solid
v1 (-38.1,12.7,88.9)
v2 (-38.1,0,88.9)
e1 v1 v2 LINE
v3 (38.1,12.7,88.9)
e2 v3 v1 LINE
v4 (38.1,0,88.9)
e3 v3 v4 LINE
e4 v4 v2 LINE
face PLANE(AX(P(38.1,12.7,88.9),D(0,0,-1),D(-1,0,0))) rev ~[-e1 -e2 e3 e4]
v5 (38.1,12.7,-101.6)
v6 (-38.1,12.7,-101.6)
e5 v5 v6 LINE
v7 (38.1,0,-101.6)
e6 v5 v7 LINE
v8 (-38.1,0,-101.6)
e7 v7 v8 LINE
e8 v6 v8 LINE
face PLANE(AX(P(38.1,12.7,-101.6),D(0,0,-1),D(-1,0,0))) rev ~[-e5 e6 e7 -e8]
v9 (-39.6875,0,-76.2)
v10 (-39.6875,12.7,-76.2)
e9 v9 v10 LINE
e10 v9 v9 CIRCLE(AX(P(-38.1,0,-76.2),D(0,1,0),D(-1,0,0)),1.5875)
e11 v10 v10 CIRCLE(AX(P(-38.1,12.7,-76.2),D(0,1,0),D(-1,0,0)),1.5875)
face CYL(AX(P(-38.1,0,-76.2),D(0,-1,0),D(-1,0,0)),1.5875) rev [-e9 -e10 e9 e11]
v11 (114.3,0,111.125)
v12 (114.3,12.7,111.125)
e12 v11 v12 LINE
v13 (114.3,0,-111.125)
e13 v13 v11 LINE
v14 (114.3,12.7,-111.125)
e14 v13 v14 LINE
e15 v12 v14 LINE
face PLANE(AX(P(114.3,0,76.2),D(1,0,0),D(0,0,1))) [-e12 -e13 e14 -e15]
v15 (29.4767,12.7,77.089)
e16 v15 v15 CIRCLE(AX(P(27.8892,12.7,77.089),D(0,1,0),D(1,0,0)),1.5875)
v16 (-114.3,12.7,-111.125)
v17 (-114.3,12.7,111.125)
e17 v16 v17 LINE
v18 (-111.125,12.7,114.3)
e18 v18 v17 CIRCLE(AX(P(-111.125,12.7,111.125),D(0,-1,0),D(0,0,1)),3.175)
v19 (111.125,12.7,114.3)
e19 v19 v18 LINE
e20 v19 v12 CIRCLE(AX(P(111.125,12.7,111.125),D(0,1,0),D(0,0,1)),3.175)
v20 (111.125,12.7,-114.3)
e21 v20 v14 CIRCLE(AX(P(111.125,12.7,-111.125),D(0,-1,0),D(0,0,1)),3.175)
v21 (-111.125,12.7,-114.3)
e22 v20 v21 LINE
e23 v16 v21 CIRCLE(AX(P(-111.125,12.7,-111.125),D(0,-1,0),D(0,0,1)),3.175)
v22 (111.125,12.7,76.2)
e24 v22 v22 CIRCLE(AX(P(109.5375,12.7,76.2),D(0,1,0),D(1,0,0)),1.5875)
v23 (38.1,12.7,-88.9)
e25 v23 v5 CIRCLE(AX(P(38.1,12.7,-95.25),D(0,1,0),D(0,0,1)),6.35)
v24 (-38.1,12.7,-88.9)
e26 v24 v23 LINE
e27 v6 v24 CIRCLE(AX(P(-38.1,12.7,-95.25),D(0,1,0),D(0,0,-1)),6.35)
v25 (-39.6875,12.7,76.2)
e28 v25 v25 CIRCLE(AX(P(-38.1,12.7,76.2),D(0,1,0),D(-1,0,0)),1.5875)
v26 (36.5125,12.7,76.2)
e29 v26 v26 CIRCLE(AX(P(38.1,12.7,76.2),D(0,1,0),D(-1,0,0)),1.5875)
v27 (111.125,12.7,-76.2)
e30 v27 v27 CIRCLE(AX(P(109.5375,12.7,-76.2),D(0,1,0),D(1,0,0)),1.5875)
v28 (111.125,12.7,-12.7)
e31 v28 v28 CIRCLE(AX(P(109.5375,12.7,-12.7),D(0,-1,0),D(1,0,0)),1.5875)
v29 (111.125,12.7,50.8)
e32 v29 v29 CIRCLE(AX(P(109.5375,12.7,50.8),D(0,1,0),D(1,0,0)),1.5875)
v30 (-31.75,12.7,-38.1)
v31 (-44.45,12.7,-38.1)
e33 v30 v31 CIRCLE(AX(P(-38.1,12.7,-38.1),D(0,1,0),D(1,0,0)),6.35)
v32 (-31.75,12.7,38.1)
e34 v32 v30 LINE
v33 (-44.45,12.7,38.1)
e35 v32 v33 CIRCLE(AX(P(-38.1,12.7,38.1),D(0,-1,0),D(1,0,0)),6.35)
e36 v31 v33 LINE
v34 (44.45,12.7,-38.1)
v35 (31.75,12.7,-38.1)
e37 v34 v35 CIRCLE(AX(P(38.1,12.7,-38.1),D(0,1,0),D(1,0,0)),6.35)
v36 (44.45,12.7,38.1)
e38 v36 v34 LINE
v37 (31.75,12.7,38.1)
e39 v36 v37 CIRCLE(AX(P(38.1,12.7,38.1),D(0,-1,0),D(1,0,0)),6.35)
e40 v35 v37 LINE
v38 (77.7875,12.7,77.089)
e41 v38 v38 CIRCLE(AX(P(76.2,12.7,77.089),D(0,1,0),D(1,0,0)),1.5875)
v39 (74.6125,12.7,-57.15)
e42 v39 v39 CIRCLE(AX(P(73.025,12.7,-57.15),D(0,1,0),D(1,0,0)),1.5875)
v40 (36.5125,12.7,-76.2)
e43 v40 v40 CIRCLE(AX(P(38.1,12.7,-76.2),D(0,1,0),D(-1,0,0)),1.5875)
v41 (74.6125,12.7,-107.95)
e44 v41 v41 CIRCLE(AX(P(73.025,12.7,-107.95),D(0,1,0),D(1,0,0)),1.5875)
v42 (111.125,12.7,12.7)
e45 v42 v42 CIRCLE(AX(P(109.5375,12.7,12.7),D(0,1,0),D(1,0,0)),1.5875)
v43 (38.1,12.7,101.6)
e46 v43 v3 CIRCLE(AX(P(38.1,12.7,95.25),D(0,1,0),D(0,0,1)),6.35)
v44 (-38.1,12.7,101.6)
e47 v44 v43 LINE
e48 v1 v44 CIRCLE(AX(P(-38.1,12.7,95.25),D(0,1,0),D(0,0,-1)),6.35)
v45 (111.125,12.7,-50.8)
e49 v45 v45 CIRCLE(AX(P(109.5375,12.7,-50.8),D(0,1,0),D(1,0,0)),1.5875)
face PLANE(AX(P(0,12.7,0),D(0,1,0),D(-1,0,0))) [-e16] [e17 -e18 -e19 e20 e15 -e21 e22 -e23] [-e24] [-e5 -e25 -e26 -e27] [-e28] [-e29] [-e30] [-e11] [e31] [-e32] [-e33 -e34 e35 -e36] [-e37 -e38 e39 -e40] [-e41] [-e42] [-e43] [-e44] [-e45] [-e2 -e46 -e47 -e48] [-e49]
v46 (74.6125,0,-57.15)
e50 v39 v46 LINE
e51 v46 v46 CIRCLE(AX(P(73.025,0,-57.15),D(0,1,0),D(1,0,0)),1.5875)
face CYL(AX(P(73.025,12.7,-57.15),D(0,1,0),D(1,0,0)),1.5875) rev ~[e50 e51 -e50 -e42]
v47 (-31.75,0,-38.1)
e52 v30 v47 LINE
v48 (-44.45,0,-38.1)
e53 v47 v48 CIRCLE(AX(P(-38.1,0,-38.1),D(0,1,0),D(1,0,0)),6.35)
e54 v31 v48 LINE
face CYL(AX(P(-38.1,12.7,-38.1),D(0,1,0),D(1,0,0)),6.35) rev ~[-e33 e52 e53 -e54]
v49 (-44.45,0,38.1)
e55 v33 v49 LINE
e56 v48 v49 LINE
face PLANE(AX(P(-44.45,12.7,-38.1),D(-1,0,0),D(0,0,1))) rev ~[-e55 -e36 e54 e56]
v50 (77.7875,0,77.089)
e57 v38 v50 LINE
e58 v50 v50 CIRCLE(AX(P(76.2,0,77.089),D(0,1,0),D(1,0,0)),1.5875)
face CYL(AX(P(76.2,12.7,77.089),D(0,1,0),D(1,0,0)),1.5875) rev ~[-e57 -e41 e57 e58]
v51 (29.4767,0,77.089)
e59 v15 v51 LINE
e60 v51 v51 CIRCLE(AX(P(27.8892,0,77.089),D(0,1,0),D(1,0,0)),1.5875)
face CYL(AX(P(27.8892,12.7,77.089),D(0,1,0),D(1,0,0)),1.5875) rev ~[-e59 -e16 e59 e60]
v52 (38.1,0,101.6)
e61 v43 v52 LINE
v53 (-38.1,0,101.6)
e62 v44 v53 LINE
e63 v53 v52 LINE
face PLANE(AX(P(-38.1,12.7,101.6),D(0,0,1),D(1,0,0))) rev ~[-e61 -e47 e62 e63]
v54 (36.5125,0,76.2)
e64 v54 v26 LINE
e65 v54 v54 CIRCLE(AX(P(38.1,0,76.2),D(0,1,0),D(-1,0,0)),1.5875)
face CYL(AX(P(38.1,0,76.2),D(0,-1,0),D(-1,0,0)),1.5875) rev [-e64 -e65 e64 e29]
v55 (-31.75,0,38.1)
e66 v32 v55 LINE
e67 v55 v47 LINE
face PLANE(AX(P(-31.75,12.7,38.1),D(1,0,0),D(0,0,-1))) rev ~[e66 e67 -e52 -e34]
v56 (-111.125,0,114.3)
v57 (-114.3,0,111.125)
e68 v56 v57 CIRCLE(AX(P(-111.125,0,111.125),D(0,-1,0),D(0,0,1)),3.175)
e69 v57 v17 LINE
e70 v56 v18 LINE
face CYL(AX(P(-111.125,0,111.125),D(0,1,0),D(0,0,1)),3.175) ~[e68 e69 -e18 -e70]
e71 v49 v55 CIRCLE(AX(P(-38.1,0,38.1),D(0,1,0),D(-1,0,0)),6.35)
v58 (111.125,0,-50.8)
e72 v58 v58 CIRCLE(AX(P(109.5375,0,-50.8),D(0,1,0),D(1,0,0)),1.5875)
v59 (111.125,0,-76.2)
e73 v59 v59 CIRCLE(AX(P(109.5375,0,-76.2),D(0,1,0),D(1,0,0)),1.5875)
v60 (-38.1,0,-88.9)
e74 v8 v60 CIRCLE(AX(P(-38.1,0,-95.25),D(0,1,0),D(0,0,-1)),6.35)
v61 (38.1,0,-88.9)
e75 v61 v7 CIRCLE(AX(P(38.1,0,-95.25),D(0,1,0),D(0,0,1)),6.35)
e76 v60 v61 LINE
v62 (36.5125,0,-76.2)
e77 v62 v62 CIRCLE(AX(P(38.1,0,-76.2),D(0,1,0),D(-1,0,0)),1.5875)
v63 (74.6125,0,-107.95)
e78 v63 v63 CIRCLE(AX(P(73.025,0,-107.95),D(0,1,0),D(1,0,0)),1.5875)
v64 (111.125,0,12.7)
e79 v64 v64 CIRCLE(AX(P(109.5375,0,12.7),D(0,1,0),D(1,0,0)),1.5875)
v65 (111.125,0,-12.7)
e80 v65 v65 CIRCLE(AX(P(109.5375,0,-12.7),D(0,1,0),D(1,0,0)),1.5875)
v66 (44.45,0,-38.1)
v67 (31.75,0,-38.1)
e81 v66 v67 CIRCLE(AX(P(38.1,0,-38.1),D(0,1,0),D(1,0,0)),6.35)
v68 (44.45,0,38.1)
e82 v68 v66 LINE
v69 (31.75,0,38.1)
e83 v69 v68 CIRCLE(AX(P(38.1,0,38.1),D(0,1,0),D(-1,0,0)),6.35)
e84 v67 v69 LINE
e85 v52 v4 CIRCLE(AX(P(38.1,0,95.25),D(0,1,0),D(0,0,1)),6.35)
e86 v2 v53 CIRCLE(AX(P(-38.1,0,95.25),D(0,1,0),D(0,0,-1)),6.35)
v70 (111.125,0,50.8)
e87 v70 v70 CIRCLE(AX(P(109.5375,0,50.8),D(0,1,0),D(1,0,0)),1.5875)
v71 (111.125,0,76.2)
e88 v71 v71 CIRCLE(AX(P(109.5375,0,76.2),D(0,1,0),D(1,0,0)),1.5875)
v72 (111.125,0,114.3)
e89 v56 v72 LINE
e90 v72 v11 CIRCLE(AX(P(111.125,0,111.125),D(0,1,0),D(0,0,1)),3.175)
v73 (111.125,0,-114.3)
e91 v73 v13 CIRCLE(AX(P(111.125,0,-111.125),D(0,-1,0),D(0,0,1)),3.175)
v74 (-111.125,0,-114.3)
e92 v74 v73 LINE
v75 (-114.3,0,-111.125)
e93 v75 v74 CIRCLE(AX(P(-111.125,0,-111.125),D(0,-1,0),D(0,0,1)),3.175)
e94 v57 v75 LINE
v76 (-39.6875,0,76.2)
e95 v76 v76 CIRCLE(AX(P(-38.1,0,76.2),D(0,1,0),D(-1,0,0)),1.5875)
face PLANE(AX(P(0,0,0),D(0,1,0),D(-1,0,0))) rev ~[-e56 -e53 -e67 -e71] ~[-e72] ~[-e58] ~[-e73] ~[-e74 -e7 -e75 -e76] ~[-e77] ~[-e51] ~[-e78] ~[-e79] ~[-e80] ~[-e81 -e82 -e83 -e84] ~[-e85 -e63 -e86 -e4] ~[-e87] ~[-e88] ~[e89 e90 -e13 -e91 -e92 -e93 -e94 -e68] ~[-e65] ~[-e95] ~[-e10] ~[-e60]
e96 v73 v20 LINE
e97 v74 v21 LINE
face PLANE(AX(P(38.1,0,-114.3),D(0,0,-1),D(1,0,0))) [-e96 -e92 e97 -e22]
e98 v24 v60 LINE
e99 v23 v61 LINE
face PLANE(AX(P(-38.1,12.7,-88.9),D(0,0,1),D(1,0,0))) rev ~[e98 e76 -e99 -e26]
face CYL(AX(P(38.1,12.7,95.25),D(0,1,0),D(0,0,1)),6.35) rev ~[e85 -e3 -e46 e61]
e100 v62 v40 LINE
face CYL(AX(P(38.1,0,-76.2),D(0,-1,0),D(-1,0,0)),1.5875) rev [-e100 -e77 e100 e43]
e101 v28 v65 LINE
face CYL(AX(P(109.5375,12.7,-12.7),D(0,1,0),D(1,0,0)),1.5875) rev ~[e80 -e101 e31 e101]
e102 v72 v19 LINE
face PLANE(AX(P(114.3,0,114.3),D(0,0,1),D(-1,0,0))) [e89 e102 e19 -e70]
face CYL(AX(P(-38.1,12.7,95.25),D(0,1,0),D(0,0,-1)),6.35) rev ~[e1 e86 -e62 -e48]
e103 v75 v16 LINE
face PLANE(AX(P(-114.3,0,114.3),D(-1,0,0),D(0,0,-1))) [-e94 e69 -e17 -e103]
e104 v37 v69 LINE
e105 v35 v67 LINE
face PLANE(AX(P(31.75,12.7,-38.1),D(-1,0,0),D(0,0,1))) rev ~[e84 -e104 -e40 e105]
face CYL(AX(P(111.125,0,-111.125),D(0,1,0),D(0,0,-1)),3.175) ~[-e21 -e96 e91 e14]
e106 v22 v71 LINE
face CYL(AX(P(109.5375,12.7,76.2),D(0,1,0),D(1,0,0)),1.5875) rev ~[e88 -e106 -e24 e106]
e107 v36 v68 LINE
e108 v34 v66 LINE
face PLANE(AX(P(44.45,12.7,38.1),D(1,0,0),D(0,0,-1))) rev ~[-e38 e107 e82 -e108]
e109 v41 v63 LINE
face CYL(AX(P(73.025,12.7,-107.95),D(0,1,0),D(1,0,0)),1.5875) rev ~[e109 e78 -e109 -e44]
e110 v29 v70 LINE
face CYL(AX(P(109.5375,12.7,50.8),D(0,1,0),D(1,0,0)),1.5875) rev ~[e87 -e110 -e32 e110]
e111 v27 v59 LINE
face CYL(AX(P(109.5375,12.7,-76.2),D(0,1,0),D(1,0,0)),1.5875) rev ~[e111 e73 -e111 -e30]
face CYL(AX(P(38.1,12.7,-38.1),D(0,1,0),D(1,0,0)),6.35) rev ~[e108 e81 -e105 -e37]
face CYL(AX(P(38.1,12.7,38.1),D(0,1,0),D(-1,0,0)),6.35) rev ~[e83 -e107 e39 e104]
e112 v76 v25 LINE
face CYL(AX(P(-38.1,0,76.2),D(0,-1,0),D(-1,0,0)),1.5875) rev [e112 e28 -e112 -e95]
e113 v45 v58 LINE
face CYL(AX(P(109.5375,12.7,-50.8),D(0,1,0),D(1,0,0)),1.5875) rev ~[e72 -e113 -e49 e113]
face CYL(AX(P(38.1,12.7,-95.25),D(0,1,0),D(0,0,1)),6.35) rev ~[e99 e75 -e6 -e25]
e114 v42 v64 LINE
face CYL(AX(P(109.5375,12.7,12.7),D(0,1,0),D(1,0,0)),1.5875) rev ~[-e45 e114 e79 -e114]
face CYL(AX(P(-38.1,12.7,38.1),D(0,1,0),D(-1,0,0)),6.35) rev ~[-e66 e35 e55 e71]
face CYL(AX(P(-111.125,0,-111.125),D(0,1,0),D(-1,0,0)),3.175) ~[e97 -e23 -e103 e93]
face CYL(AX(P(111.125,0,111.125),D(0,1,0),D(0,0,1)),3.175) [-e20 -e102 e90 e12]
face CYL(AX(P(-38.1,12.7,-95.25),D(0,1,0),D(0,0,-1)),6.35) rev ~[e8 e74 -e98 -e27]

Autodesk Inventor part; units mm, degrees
ref_plane "YZ Plane" through (0, 0, 0) normal (1, 0, 0) x (0, 1, 0)
ref_plane "XZ Plane" through (0, 0, 0) normal (0, 1, 0) x (-1, 0, 0)
ref_plane "XY Plane" through (0, 0, 0) normal (0, 0, 1) x (1, 0, 0)
sketch "Sketch1" plane through (0, 0, 0) normal (0, 1, 0) x (-1, 0, 0)
  line L0 (-114.3, 114.3) -> (114.3, 114.3)
  line L1 (114.3, 114.3) -> (114.3, -114.3)
  line L2 (114.3, -114.3) -> (-114.3, -114.3)
  line L3 (-114.3, -114.3) -> (-114.3, 114.3)
  line L4 (-114.3, 114.3) -> (114.3, -114.3) construction
  line L5 (114.3, 114.3) -> (-114.3, -114.3) construction
  line L6 (114.3, 114.3) -> (38.1, 114.3)
  line L7 (38.1, 114.3) -> (38.1, 76.2) construction
  line L8 (38.1, 76.2) -> (114.3, 76.2) construction
  line L9 (114.3, 76.2) -> (114.3, 114.3)
  circle A0 centre (38.1, 76.2) radius 1.5875
  line L10 (114.3, 0) -> (47.3217, 0)
  line L11 (-114.3, 114.3) -> (-38.1, 114.3)
  line L12 (-38.1, 114.3) -> (-38.1, 76.2) construction
  line L13 (-38.1, 76.2) -> (-114.3, 76.2) construction
  line L14 (-114.3, 76.2) -> (-114.3, 114.3)
  circle A1 centre (-38.1, 76.2) radius 1.5875
  line L15 (-114.3, -114.3) -> (-38.1, -114.3)
  line L16 (-38.1, -114.3) -> (-38.1, -76.2) construction
  line L17 (-38.1, -76.2) -> (-114.3, -76.2) construction
  line L18 (-114.3, -76.2) -> (-114.3, -114.3)
  line L19 (114.3, -114.3) -> (38.1, -114.3)
  line L20 (38.1, -114.3) -> (38.1, -76.2) construction
  line L21 (38.1, -76.2) -> (114.3, -76.2) construction
  line L22 (114.3, -76.2) -> (114.3, -114.3)
  circle A2 centre (-38.1, -76.2) radius 1.5875
  circle A3 centre (38.1, -76.2) radius 1.5875
  point P0 (0, 0)
  dimension "d0" = 228.6
  dimension "d1" = 228.6
  dimension "d2" = 76.2
  dimension "d3" = 38.1
  dimension "d4" = 3.175
  dimension "d5" = 76.2
  dimension "d6" = 3.175
  dimension "d7" = 38.1
  dimension "d8" = 76.2
  dimension "d9" = 3.175
  dimension "d10" = 3.175
extrude "Extrusion1" add sketch "Sketch1" along normal blind 12.7
fillet "Fillet1" radius 3.175 4 edges at (-114.3, 6.35, 114.3) (114.3, 6.35, 114.3) (114.3, 6.35, -114.3) (-114.3, 6.35, -114.3)
sketch "Sketch4" plane through (0, 12.7, 0) normal (0, 1, 0) x (1, 0, 0)
  circle A0 centre (-38.1, 76.2) radius 1.5875 projected
  circle A1 centre (38.1, 76.2) radius 1.5875 projected
  circle A2 centre (38.1, -76.2) radius 1.5875 projected
  circle A3 centre (-38.1, -76.2) radius 1.5875 projected
  arc A4 (-111.125, 114.3) -> (-114.3, 111.125) centre (-111.125, 111.125) ccw projected
  line L0 (-114.3, 111.125) -> (-114.3, -111.125) projected
  arc A5 (-114.3, -111.125) -> (-111.125, -114.3) centre (-111.125, -111.125) ccw projected
  line L1 (-111.125, -114.3) -> (111.125, -114.3) projected
  arc A6 (111.125, -114.3) -> (114.3, -111.125) centre (111.125, -111.125) ccw projected
  line L2 (114.3, -111.125) -> (114.3, 111.125) projected
  arc A7 (114.3, 111.125) -> (111.125, 114.3) centre (111.125, 111.125) ccw projected
  line L3 (111.125, 114.3) -> (-111.125, 114.3) projected
  line L4 (114.3, 114.3) -> (73.025, 114.3) construction
  line L5 (73.025, 114.3) -> (73.025, 107.95) construction
  line L6 (73.025, 107.95) -> (114.3, 107.95) construction
  line L7 (114.3, 107.95) -> (114.3, 114.3) construction
  line L8 (114.3, 114.3) -> (73.025, 114.3) construction
  line L9 (73.025, 114.3) -> (73.025, 57.15) construction
  line L10 (73.025, 57.15) -> (114.3, 57.15) construction
  line L11 (114.3, 57.15) -> (114.3, 114.3) construction
  circle A8 centre (73.025, 57.15) radius 1.5875
  circle A9 centre (73.025, 107.95) radius 1.5875
  point P0 (0, 0)
  dimension "d22" = 41.275
  dimension "d23" = 6.35
  dimension "d24" = 57.15
  dimension "d25" = 3.175
  dimension "d26" = 3.175
extrude "camMount" cut sketch "Sketch4" against normal up to surface (12.7 mm away) contours A8 | A9
sketch "Sketch5" plane through (0, 12.7, 0) normal (0, 1, 0) x (1, 0, 0)
  circle A0 centre (73.025, 57.15) radius 1.5875 construction
  circle A1 centre (73.025, 107.95) radius 1.5875 construction
  circle A2 centre (-38.1, 76.2) radius 1.5875 construction
  circle A3 centre (38.1, 76.2) radius 1.5875 construction
  circle A4 centre (38.1, -76.2) radius 1.5875 construction
  circle A5 centre (-38.1, -76.2) radius 1.5875 construction
  arc A6 (-111.125, 114.3) -> (-114.3, 111.125) centre (-111.125, 111.125) ccw construction
  line L0 (-114.3, 111.125) -> (-114.3, -111.125) construction
  arc A7 (-114.3, -111.125) -> (-111.125, -114.3) centre (-111.125, -111.125) ccw construction
  line L1 (-111.125, -114.3) -> (111.125, -114.3) construction
  arc A8 (111.125, -114.3) -> (114.3, -111.125) centre (111.125, -111.125) ccw construction
  line L2 (114.3, -111.125) -> (114.3, 111.125) construction
  arc A9 (114.3, 111.125) -> (111.125, 114.3) centre (111.125, 111.125) ccw construction
  line L3 (111.125, 114.3) -> (-111.125, 114.3) construction
  line L4 (114.3, -114.3) -> (107.95, -114.3) construction
  line L5 (107.95, -77.089) -> (114.3, -77.089) construction
  line L6 (114.3, -77.089) -> (114.3, -114.3) construction
  line L7 (114.3, -114.3) -> (59.6392, -114.3) construction
  line L8 (59.6392, -77.089) -> (114.3, -77.089) construction
  line L9 (114.3, -77.089) -> (114.3, -114.3) construction
  line L10 (114.3, -114.3) -> (27.8892, -114.3) construction
  line L11 (27.8892, -114.3) -> (27.8892, -77.089) construction
  line L12 (27.8892, -77.089) -> (114.3, -77.089) construction
  line L13 (114.3, -77.089) -> (114.3, -114.3) construction
  line L14 (114.3, -114.3) -> (76.2, -114.3) construction
  line L15 (76.2, -114.3) -> (76.2, -77.089) construction
  line L16 (76.2, -77.089) -> (114.3, -77.089) construction
  line L17 (114.3, -77.089) -> (114.3, -114.3) construction
  circle A10 centre (76.2, -77.089) radius 1.5875 construction
  circle A11 centre (76.2, -77.089) radius 1.5875
  circle A12 centre (27.8892, -77.089) radius 1.5875
  point P0 (0, 0)
  dimension "d29" = 6.35
  dimension "d30" = 37.211
  dimension "d31" = 54.6608
  dimension "d36" = 86.4108
  dimension "d37" = 38.1
  dimension "d38" = 3.175
extrude "TilitMount" cut sketch "Sketch5" against normal up to surface (12.7 mm away)
sketch "Sketch6" plane through (0, 12.7, 0) normal (0, 1, 0) x (1, 0, 0)
  line L0 (38.1, -95.25) -> (-38.1, -95.25)
  line L1 (-38.1, -95.25) -> (-38.1, 95.25)
  line L2 (-38.1, 95.25) -> (38.1, 95.25)
  line L3 (38.1, 95.25) -> (38.1, -95.25)
  line L4 (38.1, -95.25) -> (-38.1, 95.25) construction
  line L5 (-38.1, -95.25) -> (38.1, 95.25) construction
  line L6 (-38.1, -95.25) -> (38.1, -95.25) construction
  line L7 (-38.1, -101.6) -> (38.1, -101.6)
  line L8 (38.1, -88.9) -> (-38.1, -88.9)
  arc A0 (-38.1, -88.9) -> (-38.1, -101.6) centre (-38.1, -95.25) ccw
  arc A1 (38.1, -101.6) -> (38.1, -88.9) centre (38.1, -95.25) ccw
  line L9 (-38.1, 95.25) -> (38.1, 95.25) construction
  line L10 (-38.1, 88.9) -> (38.1, 88.9)
  line L11 (38.1, 101.6) -> (-38.1, 101.6)
  arc A2 (-38.1, 101.6) -> (-38.1, 88.9) centre (-38.1, 95.25) ccw
  arc A3 (38.1, 88.9) -> (38.1, 101.6) centre (38.1, 95.25) ccw
  line L12 (38.1, -38.1) -> (-38.1, -38.1)
  line L13 (-38.1, -38.1) -> (-38.1, 38.1)
  line L14 (-38.1, 38.1) -> (38.1, 38.1)
  line L15 (38.1, 38.1) -> (38.1, -38.1)
  line L16 (38.1, -38.1) -> (-38.1, 38.1) construction
  line L17 (-38.1, -38.1) -> (38.1, 38.1) construction
  line L18 (38.1, -38.1) -> (38.1, 38.1) construction
  line L19 (44.45, -38.1) -> (44.45, 38.1)
  line L20 (31.75, 38.1) -> (31.75, -38.1)
  arc A4 (31.75, -38.1) -> (44.45, -38.1) centre (38.1, -38.1) ccw
  arc A5 (44.45, 38.1) -> (31.75, 38.1) centre (38.1, 38.1) ccw
  line L21 (-38.1, -38.1) -> (-38.1, 38.1) construction
  line L22 (-31.75, -38.1) -> (-31.75, 38.1)
  line L23 (-44.45, 38.1) -> (-44.45, -38.1)
  arc A6 (-44.45, -38.1) -> (-31.75, -38.1) centre (-38.1, -38.1) ccw
  arc A7 (-31.75, 38.1) -> (-44.45, 38.1) centre (-38.1, 38.1) ccw
  point P0 (0, 0)
  point P1 (0, -95.25)
  point P2 (0, 95.25)
  point P3 (38.1, 0)
  point P4 (-38.1, 0)
  dimension "d39" = 76.2
  dimension "d40" = 190.5
  dimension "d41" = 12.7
  dimension "d42" = 12.7
  dimension "d43" = 76.2
  dimension "d44" = 12.7
  dimension "d45" = 12.7
extrude "Extrusion6" cut sketch "Sketch6" against normal blind 25.4 contours L3 A1 L7 A0 L1 L0 | L0 L1 L8 L3 | A4 L12 L3 | L3 A5 L19 A4 | A6 L23 A7 L1 | L1 L12 A6 | L12 L20 L14 L3 | L1 L14 L22 L12 | L14 A5 L3 | L1 A7 L14 | L10 L1 L2 L3 | L3 L2 L1 A2 L11 A3
sketch "Sketch7" plane through (0, 12.7, 0) normal (0, 1, 0) x (1, 0, 0)
  line L0 (114.3, -111.125) -> (114.3, 111.125) projected
  line L1 (114.3, 0) -> (104.775, 0)
  line L2 (109.5375, 0) -> (109.5375, 12.7)
  circle A0 centre (109.5375, 12.7) radius 1.5875
  circle A1 centre (109.5375, -12.7) radius 1.5875
  point P0 (0, 0)
  dimension "d48" = 9.525
  dimension "d49" = 12.7
  dimension "d50" = 3.175
extrude "Extrusion7" cut sketch "Sketch7" against normal blind 25.4
sketch "Sketch8" plane through (0, 12.7, 0) normal (0, 1, 0) x (1, 0, 0)
  circle A0 centre (109.5375, -12.7) radius 1.5875 projected
  circle A1 centre (109.5375, -12.7) radius 1.5875 construction
  line L0 (109.5375, -12.7) -> (109.5375, -50.8) construction
  line L1 (109.5375, -50.8) -> (109.5375, -76.2) construction
  circle A2 centre (109.5375, -50.8) radius 1.5875
  circle A3 centre (109.5375, -76.2) radius 1.5875
  line L2 (114.3, 111.125) -> (114.3, -111.125) projected
  line L3 (114.3, 0) -> (96.6606, 0)
  circle A4 centre (109.5375, 50.8) radius 1.5875
  circle A5 centre (109.5375, 76.2) radius 1.5875
  point P0 (0, 0)
  dimension "d53" = 38.1
  dimension "d54" = 25.4
  dimension "d55" = 3.175
  dimension "d56" = 3.175
extrude "Extrusion8" cut sketch "Sketch8" against normal blind 25.4 contours A2 | A3 | A4 | A5
properties part number "TopPlateV1" material "Polyethylene, High Density"
